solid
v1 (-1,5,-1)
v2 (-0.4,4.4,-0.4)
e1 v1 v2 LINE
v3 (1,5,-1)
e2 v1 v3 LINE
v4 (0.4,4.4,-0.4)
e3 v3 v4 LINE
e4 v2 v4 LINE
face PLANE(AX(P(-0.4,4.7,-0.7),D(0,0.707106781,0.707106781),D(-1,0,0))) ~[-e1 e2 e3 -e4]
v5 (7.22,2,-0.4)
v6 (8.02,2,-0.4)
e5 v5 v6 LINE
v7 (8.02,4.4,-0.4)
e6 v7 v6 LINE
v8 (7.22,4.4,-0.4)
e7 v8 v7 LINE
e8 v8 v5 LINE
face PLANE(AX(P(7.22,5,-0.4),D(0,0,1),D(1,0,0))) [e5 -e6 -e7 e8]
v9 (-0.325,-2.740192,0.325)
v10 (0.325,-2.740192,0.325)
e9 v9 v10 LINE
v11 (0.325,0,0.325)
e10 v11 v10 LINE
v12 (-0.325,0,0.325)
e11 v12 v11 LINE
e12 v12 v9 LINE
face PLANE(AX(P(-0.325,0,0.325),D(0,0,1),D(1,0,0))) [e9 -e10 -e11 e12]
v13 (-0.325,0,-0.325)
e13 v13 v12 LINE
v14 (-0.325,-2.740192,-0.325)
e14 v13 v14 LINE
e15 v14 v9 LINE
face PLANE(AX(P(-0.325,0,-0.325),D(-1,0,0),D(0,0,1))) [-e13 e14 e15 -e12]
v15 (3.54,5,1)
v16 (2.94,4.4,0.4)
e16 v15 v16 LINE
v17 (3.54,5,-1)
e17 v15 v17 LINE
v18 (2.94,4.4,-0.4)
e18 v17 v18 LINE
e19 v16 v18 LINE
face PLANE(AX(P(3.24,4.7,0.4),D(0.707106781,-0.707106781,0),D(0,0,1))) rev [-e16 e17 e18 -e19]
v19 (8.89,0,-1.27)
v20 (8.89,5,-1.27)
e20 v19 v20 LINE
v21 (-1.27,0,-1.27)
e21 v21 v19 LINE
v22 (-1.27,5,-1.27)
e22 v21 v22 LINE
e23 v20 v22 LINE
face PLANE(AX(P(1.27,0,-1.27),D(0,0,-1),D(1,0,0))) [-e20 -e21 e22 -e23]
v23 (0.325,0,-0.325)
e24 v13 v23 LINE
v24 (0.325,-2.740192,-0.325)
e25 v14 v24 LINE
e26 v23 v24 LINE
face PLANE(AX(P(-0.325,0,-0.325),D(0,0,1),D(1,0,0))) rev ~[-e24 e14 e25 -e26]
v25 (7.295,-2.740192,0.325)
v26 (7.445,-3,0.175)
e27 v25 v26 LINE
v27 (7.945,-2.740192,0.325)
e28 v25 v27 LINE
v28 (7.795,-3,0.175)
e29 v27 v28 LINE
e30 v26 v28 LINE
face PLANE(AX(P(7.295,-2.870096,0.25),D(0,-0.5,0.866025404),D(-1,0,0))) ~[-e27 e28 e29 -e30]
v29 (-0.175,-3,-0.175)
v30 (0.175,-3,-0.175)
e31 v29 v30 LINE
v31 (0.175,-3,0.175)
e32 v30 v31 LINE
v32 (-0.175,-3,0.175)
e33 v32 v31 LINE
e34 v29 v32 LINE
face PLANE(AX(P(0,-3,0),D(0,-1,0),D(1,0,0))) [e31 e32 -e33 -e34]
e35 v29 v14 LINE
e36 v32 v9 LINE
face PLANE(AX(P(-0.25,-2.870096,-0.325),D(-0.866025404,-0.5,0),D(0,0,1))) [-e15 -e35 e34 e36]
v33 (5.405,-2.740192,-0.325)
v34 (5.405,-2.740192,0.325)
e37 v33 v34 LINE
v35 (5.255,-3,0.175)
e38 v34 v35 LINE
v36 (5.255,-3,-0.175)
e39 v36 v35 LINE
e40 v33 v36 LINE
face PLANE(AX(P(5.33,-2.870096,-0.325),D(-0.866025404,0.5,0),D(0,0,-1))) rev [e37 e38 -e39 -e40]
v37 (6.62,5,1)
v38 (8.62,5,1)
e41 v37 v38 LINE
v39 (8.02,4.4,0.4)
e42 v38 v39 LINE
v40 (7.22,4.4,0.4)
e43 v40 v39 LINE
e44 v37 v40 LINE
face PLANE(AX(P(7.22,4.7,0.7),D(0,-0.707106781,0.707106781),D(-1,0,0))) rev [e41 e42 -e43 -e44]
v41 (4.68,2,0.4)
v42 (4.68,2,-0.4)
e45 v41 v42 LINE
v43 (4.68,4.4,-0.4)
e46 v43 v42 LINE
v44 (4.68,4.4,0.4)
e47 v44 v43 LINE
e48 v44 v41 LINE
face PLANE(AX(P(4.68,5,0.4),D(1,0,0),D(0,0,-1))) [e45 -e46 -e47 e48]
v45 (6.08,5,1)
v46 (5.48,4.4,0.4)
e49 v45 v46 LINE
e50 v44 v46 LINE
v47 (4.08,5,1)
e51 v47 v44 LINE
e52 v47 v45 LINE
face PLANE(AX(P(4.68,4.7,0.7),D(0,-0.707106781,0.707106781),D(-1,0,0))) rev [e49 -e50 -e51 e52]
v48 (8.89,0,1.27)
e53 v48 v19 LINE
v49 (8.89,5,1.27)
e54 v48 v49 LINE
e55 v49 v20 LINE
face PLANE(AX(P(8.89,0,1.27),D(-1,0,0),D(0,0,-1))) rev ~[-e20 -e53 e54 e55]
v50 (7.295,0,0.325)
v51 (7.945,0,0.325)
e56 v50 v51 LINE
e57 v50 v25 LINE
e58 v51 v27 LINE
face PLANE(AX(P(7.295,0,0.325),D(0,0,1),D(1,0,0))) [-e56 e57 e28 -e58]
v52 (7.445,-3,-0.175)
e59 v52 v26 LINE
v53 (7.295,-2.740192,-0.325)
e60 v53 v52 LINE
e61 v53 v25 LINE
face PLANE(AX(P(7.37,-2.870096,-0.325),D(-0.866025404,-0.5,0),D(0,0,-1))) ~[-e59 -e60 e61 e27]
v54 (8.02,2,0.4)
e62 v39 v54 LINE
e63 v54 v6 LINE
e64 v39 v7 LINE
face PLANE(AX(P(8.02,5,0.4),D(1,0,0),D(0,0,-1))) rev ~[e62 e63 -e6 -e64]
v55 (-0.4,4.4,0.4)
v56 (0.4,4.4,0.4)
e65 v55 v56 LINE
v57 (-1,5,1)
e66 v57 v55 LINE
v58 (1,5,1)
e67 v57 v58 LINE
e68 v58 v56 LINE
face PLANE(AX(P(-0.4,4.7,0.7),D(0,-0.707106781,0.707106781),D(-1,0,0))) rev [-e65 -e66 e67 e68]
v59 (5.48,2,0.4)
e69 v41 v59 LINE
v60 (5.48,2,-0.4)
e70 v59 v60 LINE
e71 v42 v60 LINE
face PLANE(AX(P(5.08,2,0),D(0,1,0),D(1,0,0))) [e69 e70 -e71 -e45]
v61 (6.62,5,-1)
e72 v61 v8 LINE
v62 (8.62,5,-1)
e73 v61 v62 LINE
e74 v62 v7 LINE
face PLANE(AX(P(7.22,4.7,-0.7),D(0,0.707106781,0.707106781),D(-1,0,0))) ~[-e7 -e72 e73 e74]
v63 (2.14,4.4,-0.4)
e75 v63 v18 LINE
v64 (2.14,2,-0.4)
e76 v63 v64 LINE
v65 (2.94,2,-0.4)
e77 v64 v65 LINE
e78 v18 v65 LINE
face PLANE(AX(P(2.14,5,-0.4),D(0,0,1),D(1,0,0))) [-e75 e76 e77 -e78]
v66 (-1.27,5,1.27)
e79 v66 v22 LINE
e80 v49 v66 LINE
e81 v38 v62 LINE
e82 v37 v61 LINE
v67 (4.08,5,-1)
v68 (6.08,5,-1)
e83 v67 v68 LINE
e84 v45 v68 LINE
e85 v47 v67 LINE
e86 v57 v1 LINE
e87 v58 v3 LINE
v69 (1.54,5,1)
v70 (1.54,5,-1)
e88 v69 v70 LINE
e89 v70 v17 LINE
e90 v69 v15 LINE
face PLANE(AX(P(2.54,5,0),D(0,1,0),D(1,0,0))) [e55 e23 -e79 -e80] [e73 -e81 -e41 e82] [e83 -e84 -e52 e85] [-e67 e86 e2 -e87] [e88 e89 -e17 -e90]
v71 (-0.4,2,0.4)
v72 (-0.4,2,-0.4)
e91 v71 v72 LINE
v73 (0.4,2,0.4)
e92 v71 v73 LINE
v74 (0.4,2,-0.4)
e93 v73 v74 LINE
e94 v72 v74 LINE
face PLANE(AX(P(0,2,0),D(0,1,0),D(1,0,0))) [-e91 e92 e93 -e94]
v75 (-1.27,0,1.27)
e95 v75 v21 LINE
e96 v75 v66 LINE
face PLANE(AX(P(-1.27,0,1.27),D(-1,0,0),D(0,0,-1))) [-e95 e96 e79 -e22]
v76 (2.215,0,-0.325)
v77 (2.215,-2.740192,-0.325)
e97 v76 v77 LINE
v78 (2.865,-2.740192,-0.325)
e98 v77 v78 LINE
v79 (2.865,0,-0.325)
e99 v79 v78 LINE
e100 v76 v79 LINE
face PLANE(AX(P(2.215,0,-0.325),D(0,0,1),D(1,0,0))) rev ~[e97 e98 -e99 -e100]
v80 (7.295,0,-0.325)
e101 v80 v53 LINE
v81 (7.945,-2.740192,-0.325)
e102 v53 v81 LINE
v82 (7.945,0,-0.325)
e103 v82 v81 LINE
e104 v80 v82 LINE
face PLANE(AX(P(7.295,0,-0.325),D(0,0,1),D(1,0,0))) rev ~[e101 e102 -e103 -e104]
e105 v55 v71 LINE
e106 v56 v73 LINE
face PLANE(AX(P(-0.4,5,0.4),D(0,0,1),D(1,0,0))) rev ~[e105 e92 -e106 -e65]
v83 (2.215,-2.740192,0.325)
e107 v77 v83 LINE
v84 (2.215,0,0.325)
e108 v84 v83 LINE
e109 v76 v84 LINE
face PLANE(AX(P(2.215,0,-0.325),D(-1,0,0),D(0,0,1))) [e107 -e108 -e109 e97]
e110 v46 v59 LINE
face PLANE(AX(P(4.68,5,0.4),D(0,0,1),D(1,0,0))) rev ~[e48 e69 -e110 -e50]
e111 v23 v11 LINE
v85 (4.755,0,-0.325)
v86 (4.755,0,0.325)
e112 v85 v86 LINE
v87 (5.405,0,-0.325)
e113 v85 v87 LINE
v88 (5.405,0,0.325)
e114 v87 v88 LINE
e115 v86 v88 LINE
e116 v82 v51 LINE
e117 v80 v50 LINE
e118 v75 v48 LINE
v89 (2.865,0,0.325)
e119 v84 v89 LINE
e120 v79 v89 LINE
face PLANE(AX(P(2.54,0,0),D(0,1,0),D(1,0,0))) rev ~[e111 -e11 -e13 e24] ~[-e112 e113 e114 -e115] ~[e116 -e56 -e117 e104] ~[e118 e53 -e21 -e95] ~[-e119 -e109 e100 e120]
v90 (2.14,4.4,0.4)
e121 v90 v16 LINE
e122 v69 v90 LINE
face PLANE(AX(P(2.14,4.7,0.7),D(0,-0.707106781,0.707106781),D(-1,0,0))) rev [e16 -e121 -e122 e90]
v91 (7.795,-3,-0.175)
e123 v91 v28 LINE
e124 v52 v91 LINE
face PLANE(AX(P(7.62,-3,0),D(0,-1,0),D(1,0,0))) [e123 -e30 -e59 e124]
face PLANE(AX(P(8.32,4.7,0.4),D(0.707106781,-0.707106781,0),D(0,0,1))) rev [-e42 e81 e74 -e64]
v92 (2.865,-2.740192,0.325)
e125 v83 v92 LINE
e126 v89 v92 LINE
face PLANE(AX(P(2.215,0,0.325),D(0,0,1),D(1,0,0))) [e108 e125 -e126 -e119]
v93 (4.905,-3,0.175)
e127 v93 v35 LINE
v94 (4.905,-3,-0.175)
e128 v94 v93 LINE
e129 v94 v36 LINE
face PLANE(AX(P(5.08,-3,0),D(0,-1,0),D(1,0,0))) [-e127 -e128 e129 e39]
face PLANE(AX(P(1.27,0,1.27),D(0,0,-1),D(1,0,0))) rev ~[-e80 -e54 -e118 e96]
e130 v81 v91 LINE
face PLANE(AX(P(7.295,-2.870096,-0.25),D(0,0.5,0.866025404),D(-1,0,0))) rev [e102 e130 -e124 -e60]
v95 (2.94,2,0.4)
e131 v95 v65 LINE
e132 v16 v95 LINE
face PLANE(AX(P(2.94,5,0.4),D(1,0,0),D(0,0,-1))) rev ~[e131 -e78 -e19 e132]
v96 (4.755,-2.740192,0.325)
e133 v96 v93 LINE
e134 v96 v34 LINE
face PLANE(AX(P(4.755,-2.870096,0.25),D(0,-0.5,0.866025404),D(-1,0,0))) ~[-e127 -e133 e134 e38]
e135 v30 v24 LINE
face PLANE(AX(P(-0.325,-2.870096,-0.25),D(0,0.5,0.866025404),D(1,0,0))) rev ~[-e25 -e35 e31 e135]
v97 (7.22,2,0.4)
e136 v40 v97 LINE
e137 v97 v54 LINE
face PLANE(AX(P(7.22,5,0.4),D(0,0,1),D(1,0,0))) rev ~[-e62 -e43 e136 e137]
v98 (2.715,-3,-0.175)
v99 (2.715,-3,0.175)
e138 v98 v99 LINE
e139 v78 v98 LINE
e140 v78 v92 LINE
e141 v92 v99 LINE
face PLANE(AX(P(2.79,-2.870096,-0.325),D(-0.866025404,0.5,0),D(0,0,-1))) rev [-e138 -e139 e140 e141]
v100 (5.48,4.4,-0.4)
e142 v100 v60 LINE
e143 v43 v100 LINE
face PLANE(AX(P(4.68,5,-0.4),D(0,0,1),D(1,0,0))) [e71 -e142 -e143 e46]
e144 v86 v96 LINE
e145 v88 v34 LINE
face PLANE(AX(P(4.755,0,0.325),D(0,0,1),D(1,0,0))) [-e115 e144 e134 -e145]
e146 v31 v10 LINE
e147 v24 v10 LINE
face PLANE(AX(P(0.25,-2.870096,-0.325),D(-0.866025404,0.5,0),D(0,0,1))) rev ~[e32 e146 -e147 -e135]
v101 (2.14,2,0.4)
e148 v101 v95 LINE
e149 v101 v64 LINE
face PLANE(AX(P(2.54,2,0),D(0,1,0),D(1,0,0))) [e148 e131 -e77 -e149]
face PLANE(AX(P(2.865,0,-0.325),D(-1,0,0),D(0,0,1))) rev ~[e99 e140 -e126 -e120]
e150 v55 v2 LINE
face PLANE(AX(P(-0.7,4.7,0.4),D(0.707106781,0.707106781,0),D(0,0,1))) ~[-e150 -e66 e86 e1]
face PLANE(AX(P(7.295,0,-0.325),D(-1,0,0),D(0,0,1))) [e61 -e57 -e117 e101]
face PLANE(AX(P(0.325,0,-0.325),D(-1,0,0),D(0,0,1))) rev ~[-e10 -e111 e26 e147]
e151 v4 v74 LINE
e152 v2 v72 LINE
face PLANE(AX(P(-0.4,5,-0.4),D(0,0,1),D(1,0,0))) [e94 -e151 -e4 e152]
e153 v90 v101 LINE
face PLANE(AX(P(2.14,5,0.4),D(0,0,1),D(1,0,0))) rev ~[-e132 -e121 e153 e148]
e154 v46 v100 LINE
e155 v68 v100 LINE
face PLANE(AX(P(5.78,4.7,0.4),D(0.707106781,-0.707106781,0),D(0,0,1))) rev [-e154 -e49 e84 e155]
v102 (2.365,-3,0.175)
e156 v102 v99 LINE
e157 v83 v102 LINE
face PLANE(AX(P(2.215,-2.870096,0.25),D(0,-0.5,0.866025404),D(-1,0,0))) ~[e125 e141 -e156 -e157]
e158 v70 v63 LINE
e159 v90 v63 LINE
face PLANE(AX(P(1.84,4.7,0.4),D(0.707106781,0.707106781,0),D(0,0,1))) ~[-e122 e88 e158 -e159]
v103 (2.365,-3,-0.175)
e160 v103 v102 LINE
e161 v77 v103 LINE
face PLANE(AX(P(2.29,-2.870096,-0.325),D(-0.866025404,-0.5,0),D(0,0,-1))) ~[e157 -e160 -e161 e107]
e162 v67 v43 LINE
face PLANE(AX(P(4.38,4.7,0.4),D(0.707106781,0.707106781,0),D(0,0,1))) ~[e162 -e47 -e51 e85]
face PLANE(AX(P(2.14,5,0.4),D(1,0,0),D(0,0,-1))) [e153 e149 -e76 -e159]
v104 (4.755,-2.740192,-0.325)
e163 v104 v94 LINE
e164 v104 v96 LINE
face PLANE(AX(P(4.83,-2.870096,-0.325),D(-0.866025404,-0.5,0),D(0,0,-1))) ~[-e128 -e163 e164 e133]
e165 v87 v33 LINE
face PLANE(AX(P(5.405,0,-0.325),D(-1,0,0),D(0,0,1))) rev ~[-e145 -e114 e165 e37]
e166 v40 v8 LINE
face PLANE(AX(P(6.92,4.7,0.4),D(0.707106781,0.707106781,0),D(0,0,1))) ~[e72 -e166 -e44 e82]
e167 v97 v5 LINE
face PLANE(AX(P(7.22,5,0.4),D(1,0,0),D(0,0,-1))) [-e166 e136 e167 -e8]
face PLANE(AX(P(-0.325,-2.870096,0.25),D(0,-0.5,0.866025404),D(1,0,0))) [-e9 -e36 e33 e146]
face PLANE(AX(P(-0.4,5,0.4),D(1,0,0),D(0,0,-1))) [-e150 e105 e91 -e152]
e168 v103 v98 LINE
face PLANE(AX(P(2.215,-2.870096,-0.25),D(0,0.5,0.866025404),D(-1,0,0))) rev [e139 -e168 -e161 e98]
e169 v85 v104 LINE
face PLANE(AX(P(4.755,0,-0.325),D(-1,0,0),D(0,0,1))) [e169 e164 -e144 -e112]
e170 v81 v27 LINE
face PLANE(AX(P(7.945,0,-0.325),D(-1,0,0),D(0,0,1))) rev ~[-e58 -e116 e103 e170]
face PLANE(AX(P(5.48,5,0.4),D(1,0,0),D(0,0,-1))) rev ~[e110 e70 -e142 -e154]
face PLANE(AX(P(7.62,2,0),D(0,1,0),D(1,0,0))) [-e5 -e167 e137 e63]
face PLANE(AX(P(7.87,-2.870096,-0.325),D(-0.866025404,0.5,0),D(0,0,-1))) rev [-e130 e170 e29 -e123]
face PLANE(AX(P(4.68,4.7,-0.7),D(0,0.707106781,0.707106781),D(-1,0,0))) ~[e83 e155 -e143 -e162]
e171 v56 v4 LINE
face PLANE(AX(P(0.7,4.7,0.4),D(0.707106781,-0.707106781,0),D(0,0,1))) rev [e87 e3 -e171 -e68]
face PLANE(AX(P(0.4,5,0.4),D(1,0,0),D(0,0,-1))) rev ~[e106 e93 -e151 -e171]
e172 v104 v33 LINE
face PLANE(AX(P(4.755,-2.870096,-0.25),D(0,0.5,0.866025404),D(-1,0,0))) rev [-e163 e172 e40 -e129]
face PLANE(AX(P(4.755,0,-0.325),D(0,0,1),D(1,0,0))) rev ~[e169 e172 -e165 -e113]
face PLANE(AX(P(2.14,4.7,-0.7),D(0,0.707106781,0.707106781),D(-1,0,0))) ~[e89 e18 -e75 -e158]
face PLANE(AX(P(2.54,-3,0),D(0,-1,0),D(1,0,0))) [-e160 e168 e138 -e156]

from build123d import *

# Parameters (mm, degrees)
SKETCH1_W                   = 2.54
SKETCH1_H                   = 2.54
BOSS_EXTRUDE1_DEPTH         = 5
SKETCH2_W                   = 0.65
SKETCH2_H                   = 0.65
BOSS_EXTRUDE2_DEPTH         = 3
CHAMFER1_SIZE               = 0.15
CHAMFER1_SIZE2              = 0.259807621
SKETCH3_W                   = 0.8
SKETCH3_H                   = 0.8
CUT_EXTRUDE1_DEPTH          = 3
CHAMFER2_SIZE               = 0.6
LPATTERN1_COUNT             = 4
LPATTERN1_PITCH             = 2.54
CHAMFER1_OF_LPATTERN1_SIZE2 = 0.15
CHAMFER1_OF_LPATTERN1_SIZE  = 0.259807621
CHAMFER2_OF_LPATTERN1_SIZE  = 0.6


with BuildPart() as part:
    # Sketch1 → Boss-Extrude1 (new body)
    with BuildSketch(Plane(origin=(0, 0, 0), x_dir=(1, 0, 0), z_dir=(0, 1, 0))):
        Rectangle(SKETCH1_W, SKETCH1_H)
    boss_extrude1 = extrude(amount=BOSS_EXTRUDE1_DEPTH)

    # Sketch2 → Boss-Extrude2 (add)
    with BuildSketch(Plane.XZ):
        Rectangle(SKETCH2_W, SKETCH2_H)
    boss_extrude2 = extrude(amount=BOSS_EXTRUDE2_DEPTH)

    # Chamfer1
    chamfer1_edges = [part.edges().sort_by_distance(p)[0] for p in [
        (0.325, -3, 0),
        (0, -3, 0.325),
        (-0.325, -3, 0),
        (0, -3, -0.325),
    ]]
    chamfer1_side = [part.faces().sort_by_distance(p)[0] for p in [
        (0, -3, 0),
    ]]
    chamfer(chamfer1_edges, length=CHAMFER1_SIZE, length2=CHAMFER1_SIZE2, reference=chamfer1_side[0])

    # Sketch3 → Cut-Extrude1 (cut)
    with BuildSketch(Plane(origin=(0, 5, 0), x_dir=(1, 0, 0), z_dir=(0, 1, 0))):
        Rectangle(SKETCH3_W, SKETCH3_H)
    cut_extrude1 = extrude(amount=-CUT_EXTRUDE1_DEPTH, mode=Mode.SUBTRACT)

    # Chamfer2
    chamfer2_edges = [part.edges().sort_by_distance(p)[0] for p in [
        (0.4, 5, 0),
        (0, 5, -0.4),
        (-0.4, 5, 0),
        (0, 5, 0.4),
    ]]
    chamfer(chamfer2_edges, length=CHAMFER2_SIZE)

    # LPattern1: Boss-Extrude1, Boss-Extrude2, Cut-Extrude1 ×4
    with Locations(*[(i * LPATTERN1_PITCH, 0, 0) for i in range(1, LPATTERN1_COUNT)]):
        add(boss_extrude1)
        add(boss_extrude2)
        add(cut_extrude1, mode=Mode.SUBTRACT)

    # Chamfer1 of LPattern1
    chamfer1_of_lpattern1_edges = [part.edges().sort_by_distance(p)[0] for p in [
        (2.865, -3, 0),
        (2.54, -3, 0.325),
        (2.215, -3, 0),
        (2.54, -3, -0.325),
        (5.405, -3, 0),
        (5.08, -3, 0.325),
        (4.755, -3, 0),
        (5.08, -3, -0.325),
        (7.945, -3, 0),
        (7.62, -3, 0.325),
        (7.295, -3, 0),
        (7.62, -3, -0.325),
    ]]
    chamfer(chamfer1_of_lpattern1_edges, length=CHAMFER1_OF_LPATTERN1_SIZE, length2=CHAMFER1_OF_LPATTERN1_SIZE2)

    # Chamfer2 of LPattern1
    chamfer2_of_lpattern1_edges = [part.edges().sort_by_distance(p)[0] for p in [
        (2.94, 5, 0),
        (2.54, 5, -0.4),
        (2.14, 5, 0),
        (2.54, 5, 0.4),
        (5.48, 5, 0),
        (5.08, 5, -0.4),
        (4.68, 5, 0),
        (5.08, 5, 0.4),
        (8.02, 5, 0),
        (7.62, 5, -0.4),
        (7.22, 5, 0),
        (7.62, 5, 0.4),
    ]]
    chamfer(chamfer2_of_lpattern1_edges, length=CHAMFER2_OF_LPATTERN1_SIZE)


solid = part.part
